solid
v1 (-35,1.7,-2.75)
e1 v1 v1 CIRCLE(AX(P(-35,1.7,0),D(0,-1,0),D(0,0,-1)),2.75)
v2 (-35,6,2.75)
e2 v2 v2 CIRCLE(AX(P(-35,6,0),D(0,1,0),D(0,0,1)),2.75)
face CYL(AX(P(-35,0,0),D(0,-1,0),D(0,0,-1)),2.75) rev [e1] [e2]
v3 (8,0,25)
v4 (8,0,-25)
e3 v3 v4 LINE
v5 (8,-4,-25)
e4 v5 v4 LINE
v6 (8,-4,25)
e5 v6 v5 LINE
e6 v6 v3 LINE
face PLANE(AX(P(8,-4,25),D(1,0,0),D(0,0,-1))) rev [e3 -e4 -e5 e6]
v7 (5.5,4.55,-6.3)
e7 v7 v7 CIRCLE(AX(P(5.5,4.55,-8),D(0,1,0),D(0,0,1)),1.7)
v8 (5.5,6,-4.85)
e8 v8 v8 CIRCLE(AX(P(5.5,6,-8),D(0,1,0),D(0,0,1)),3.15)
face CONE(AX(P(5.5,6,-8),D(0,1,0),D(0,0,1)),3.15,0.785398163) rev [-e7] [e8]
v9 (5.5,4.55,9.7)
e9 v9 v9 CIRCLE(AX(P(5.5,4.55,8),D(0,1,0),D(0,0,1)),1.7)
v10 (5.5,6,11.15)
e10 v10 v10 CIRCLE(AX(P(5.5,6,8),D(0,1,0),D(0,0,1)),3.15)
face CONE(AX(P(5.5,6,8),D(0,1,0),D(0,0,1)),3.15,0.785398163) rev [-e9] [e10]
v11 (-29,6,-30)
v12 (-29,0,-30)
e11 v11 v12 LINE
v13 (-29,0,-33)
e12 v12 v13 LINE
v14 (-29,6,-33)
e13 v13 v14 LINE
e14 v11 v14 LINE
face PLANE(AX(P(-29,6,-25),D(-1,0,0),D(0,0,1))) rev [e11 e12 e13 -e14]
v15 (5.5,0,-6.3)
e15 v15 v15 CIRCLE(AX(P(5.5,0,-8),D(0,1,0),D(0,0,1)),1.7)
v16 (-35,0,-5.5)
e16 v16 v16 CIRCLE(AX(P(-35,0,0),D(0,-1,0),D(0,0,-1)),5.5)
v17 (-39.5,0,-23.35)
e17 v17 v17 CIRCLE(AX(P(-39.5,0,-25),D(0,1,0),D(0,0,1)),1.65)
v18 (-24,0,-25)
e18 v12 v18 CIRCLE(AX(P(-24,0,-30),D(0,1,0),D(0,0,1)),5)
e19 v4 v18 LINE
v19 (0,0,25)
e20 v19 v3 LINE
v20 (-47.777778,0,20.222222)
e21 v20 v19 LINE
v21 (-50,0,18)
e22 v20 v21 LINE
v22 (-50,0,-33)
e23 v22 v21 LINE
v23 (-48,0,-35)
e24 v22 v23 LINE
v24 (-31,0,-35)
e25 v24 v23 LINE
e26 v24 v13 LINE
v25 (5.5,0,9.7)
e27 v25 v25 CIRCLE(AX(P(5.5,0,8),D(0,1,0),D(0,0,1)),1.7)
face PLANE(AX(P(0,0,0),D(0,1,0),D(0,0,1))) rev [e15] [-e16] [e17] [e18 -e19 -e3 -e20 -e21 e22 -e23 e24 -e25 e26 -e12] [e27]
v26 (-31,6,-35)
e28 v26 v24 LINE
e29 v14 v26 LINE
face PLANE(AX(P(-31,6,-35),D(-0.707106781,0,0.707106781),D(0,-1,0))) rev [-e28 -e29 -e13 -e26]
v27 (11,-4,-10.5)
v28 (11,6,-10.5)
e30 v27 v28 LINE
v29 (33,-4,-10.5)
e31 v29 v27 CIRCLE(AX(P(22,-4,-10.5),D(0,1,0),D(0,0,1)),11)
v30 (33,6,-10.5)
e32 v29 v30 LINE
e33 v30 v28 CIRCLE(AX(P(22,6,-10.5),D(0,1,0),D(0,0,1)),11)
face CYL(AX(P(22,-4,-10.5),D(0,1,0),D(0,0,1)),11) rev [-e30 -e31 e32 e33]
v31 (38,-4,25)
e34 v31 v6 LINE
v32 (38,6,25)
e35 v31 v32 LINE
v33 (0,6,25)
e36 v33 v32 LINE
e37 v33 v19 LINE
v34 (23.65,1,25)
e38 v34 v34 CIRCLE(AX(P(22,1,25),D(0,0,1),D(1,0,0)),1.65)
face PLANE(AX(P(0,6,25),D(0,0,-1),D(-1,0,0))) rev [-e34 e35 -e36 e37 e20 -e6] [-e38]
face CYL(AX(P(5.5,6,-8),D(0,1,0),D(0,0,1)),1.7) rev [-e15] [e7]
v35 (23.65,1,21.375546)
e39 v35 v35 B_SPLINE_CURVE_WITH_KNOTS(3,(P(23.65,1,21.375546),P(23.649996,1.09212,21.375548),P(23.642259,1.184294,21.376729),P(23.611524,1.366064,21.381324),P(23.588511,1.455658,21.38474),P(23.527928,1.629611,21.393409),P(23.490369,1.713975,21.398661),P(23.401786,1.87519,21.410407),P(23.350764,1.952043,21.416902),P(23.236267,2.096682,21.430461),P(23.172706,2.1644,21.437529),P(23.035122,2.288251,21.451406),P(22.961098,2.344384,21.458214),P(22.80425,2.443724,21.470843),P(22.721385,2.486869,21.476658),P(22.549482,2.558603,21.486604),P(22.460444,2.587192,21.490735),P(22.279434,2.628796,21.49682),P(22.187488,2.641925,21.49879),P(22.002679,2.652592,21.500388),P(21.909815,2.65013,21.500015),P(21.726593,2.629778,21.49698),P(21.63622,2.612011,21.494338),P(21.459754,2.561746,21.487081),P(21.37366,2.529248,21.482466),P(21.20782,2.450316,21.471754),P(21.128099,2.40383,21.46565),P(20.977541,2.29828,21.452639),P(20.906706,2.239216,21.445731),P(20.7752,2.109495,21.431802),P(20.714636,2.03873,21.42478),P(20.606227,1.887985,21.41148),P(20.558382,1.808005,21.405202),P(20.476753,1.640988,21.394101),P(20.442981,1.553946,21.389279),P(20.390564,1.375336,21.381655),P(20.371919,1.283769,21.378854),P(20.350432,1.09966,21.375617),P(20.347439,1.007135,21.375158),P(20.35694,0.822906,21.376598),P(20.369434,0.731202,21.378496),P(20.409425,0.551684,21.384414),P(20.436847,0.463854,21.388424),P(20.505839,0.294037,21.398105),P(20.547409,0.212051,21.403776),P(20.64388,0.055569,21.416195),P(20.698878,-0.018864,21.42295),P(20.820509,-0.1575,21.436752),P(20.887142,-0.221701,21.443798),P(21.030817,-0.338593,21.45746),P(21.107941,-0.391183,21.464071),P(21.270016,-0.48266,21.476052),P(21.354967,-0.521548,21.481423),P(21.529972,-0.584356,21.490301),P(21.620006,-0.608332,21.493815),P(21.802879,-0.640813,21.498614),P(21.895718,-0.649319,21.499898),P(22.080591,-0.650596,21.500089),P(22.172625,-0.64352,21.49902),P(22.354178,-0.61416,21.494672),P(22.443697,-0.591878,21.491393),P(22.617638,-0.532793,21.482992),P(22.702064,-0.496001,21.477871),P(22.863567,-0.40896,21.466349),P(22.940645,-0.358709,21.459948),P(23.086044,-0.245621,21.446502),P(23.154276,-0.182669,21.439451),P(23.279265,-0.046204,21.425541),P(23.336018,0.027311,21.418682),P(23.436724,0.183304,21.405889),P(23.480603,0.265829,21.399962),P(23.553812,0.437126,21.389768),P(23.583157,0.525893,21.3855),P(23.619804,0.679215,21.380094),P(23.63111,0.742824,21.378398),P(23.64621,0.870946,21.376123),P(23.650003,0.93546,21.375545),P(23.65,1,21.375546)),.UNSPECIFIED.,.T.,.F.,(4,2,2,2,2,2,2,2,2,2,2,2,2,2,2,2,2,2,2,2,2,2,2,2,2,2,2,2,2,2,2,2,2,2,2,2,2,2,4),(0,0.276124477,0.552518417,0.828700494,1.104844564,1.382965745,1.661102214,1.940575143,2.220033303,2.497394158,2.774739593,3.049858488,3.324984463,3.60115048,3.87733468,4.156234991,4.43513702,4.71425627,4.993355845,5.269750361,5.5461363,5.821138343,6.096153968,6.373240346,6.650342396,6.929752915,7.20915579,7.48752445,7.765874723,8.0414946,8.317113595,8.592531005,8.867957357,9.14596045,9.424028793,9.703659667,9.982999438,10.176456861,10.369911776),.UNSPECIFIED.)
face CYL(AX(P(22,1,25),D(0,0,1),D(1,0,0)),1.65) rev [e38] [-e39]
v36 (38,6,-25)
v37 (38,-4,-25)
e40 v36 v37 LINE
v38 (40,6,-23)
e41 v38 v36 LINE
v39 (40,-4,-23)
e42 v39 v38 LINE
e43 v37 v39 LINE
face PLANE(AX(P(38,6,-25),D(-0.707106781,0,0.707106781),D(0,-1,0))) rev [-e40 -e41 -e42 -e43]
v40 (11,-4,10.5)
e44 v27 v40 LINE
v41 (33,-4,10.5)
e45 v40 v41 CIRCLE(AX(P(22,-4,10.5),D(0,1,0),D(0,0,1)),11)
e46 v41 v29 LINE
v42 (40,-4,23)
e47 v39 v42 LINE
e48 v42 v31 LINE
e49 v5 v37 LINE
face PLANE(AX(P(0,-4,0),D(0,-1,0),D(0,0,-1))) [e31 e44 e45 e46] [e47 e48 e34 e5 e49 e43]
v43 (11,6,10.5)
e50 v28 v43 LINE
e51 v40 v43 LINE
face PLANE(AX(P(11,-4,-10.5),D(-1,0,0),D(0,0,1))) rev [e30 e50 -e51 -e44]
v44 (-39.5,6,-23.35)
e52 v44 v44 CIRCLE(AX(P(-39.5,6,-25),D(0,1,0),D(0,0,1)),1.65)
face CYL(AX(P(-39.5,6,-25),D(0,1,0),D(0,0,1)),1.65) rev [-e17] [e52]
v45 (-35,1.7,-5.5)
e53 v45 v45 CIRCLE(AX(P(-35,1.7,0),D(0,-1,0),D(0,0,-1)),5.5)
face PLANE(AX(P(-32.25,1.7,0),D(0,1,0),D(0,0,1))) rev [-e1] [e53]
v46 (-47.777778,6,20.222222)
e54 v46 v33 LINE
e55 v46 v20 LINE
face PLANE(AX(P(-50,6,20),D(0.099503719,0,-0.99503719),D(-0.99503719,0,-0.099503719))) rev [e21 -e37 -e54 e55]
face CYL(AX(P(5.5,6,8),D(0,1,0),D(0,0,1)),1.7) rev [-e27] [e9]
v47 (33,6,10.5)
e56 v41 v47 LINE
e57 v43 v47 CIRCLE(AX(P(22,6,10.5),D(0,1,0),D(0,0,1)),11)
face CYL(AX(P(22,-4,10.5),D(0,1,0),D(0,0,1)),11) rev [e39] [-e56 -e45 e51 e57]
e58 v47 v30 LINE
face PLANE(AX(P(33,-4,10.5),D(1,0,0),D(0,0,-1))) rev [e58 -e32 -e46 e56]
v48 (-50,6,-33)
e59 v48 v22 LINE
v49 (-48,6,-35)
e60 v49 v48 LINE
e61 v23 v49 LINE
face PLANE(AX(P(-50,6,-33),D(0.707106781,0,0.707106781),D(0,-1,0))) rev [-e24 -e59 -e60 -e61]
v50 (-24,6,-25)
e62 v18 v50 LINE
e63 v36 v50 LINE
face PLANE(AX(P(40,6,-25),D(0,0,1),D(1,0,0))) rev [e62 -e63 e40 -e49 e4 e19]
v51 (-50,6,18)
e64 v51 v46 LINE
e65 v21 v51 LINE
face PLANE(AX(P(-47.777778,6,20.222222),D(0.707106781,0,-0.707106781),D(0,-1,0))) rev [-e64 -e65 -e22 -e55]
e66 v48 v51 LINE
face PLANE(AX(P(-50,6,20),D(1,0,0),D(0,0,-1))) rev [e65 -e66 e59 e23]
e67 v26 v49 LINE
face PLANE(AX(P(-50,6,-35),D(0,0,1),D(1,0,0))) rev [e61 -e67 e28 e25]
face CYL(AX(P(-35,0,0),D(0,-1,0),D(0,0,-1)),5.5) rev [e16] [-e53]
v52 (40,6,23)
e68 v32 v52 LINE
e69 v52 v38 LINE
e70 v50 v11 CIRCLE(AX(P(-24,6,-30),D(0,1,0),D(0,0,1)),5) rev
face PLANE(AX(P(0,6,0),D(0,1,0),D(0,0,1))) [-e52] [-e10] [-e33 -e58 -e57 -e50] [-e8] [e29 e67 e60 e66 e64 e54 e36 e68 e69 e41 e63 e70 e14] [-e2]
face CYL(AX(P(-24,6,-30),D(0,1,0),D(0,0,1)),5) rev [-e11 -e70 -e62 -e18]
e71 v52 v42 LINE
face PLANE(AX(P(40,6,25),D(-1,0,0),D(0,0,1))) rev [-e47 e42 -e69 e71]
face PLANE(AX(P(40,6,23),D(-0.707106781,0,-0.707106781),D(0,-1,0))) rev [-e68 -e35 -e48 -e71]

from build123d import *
from OCP.BRepFilletAPI import BRepFilletAPI_MakeChamfer

# Parameters (mm, degrees)
AUFSATZ_LINEAR_AUSTRAGEN1_DEPTH                      = 6
SKIZZE8_W                                            = 32
SKIZZE8_H                                            = 50
AUFSATZ_LINEAR_AUSTRAGEN2_DEPTH                      = 4
SCHNITT_LINEAR_AUSTRAGEN1_DEPTH                      = 62.846584384
STIRNSENKUNG_F_R_M5_FLACHKOPFSCHRAUBE_MI_D           = 5.5
STIRNSENKUNG_F_R_M5_FLACHKOPFSCHRAUBE_MI_DEPTH       = 20
STIRNSENKUNG_F_R_M5_FLACHKOPFSCHRAUBE_MI_CBORE_D     = 11
STIRNSENKUNG_F_R_M5_FLACHKOPFSCHRAUBE_MI_CBORE_DEPTH = 1.7
STIRNSENKUNG_F_R_M5_FLACHKOPFSCHRAUBE_MI_TIP         = 1.652366702
FORMSENKUNG_F_R_M3_LINSENSENKSCHRAUBE_MI_D           = 3.4
FORMSENKUNG_F_R_M3_LINSENSENKSCHRAUBE_MI_DEPTH       = 8.5
FORMSENKUNG_F_R_M3_LINSENSENKSCHRAUBE_MI_CSINK_D     = 6.3
FORMSENKUNG_F_R_M3_LINSENSENKSCHRAUBE_MI_CSINK_ANGLE = 90
FORMSENKUNG_F_R_M3_LINSENSENKSCHRAUBE_MI_TIP         = 1.021463052
FASE1_SIZE                                           = 2
FASE1_SIZE2                                          = 2.233305694
VERRUNDUNG1_R                                        = 5
M4_GEWINDEBOHRUNG1_D                                 = 3.3
M4_GEWINDEBOHRUNG2_REACH                             = 80.333
M4_GEWINDEBOHRUNG2_BORE_R                            = 1.65


with BuildPart() as part:
    # Skizze1 → Aufsatz-Linear austragen1 (new body)
    with BuildSketch(Plane(origin=(0, 0, 0), x_dir=(1, 0, 0), z_dir=(0, 1, 0))):
        Polygon((-50, 35), (-29, 35), (-29, 25), (40, 25), (40, -25), (0, -25), (-50, -20), align=None)
    extrude(amount=AUFSATZ_LINEAR_AUSTRAGEN1_DEPTH)

    # Skizze8 → Aufsatz-Linear austragen2 (add)
    with BuildSketch(Plane.XZ):
        with Locations((24, 0)):
            Rectangle(SKIZZE8_W, SKIZZE8_H)
    extrude(amount=AUFSATZ_LINEAR_AUSTRAGEN2_DEPTH)

    # Skizze4 → Schnitt-Linear austragen1 (cut, through all)
    with BuildSketch(Plane(origin=(0, 6, 0), x_dir=(1, 0, 0), z_dir=(0, 1, 0))):
        with BuildLine():
            Line((11, 10.5), (11, -10.5))
            ThreePointArc((11, -10.5), (22, -21.5), (33, -10.5))
            Line((33, -10.5), (33, 10.5))
            ThreePointArc((33, 10.5), (22, 21.5), (11, 10.5))
        make_face()
    extrude(amount=-SCHNITT_LINEAR_AUSTRAGEN1_DEPTH, mode=Mode.SUBTRACT)

    # Stirnsenkung für M5 Flachkopfschraube mit Schlitz2
    with Locations(Plane(origin=(0, 0, 0), x_dir=(-1, 0, 0), z_dir=(0, -1, 0))):
        with Locations((35, 0)):
            CounterBoreHole(STIRNSENKUNG_F_R_M5_FLACHKOPFSCHRAUBE_MI_D / 2, STIRNSENKUNG_F_R_M5_FLACHKOPFSCHRAUBE_MI_CBORE_D / 2, STIRNSENKUNG_F_R_M5_FLACHKOPFSCHRAUBE_MI_CBORE_DEPTH, depth=STIRNSENKUNG_F_R_M5_FLACHKOPFSCHRAUBE_MI_DEPTH)
            with Locations((0, 0, -(STIRNSENKUNG_F_R_M5_FLACHKOPFSCHRAUBE_MI_DEPTH + STIRNSENKUNG_F_R_M5_FLACHKOPFSCHRAUBE_MI_TIP / 2))):  # 118° drill point
                Cone(0, STIRNSENKUNG_F_R_M5_FLACHKOPFSCHRAUBE_MI_D / 2, STIRNSENKUNG_F_R_M5_FLACHKOPFSCHRAUBE_MI_TIP, mode=Mode.SUBTRACT)

    # Formsenkung für M3 Linsensenkschraube mit Schlitz1
    with Locations(Plane(origin=(0, 6, 0), x_dir=(1, 0, 0), z_dir=(0, 1, 0))):
        with Locations((5.5, 8), (5.5, -8)):
            CounterSinkHole(FORMSENKUNG_F_R_M3_LINSENSENKSCHRAUBE_MI_D / 2, FORMSENKUNG_F_R_M3_LINSENSENKSCHRAUBE_MI_CSINK_D / 2, depth=FORMSENKUNG_F_R_M3_LINSENSENKSCHRAUBE_MI_DEPTH, counter_sink_angle=FORMSENKUNG_F_R_M3_LINSENSENKSCHRAUBE_MI_CSINK_ANGLE)
            with Locations((0, 0, -(FORMSENKUNG_F_R_M3_LINSENSENKSCHRAUBE_MI_DEPTH + FORMSENKUNG_F_R_M3_LINSENSENKSCHRAUBE_MI_TIP / 2))):  # 118° drill point
                Cone(0, FORMSENKUNG_F_R_M3_LINSENSENKSCHRAUBE_MI_D / 2, FORMSENKUNG_F_R_M3_LINSENSENKSCHRAUBE_MI_TIP, mode=Mode.SUBTRACT)

    # Fase1: one chamfer whose edges measure the first distance from different faces: ONE call of the kernel's chamfer builder (chamfer() names one face for all edges)
    fase1_edges_1 = [part.edges().sort_by_distance(p)[0] for p in [
        (40, 1, 25),
        (-50, 3, -35),
        (-29, 3, -35),
        (40, 1, -25),
    ]]
    fase1_edges_2 = [part.edges().sort_by_distance(p)[0] for p in [
        (-50, 3, 20),
    ]]
    fase1_side_2 = [part.faces().sort_by_distance(p)[0] for p in [
        (-50, 3, -7.5),
    ]]
    fase1 = BRepFilletAPI_MakeChamfer(part.part.solid().wrapped)
    for e in fase1_edges_1:
        fase1.Add(FASE1_SIZE, e.wrapped)
    for e in fase1_edges_2:
        fase1.Add(FASE1_SIZE, FASE1_SIZE2, e.wrapped, fase1_side_2[0].wrapped)  # the first distance lies on this face
    add(Compound.cast(fase1.Shape()), mode=Mode.REPLACE)

    # Verrundung1
    verrundung1_edges = [part.edges().sort_by_distance(p)[0] for p in [
        (-29, 3, -25),
    ]]
    fillet(verrundung1_edges, radius=VERRUNDUNG1_R)

    # M4 Gewindebohrung1 (through all)
    with Locations(Plane(origin=(0, 6, 0), x_dir=(1, 0, 0), z_dir=(0, 1, 0))):
        with Locations((-39.5, 25)):
            Hole(M4_GEWINDEBOHRUNG1_D / 2)

    # M4 Gewindebohrung2 bore → M4 Gewindebohrung2 (cut, up to next)
    with BuildSketch(Plane.XY.offset(25), mode=Mode.PRIVATE) as m4_gewindebohrung2_sk1:
        with Locations((22, 1)):
            Circle(M4_GEWINDEBOHRUNG2_BORE_R)
    m4_gewindebohrung2_tool1 = extrude(m4_gewindebohrung2_sk1.sketch, amount=-M4_GEWINDEBOHRUNG2_REACH, mode=Mode.PRIVATE) & part.part
    add(m4_gewindebohrung2_tool1.solids().sort_by_distance((22, 1, 25))[0], mode=Mode.SUBTRACT)


solid = part.part
